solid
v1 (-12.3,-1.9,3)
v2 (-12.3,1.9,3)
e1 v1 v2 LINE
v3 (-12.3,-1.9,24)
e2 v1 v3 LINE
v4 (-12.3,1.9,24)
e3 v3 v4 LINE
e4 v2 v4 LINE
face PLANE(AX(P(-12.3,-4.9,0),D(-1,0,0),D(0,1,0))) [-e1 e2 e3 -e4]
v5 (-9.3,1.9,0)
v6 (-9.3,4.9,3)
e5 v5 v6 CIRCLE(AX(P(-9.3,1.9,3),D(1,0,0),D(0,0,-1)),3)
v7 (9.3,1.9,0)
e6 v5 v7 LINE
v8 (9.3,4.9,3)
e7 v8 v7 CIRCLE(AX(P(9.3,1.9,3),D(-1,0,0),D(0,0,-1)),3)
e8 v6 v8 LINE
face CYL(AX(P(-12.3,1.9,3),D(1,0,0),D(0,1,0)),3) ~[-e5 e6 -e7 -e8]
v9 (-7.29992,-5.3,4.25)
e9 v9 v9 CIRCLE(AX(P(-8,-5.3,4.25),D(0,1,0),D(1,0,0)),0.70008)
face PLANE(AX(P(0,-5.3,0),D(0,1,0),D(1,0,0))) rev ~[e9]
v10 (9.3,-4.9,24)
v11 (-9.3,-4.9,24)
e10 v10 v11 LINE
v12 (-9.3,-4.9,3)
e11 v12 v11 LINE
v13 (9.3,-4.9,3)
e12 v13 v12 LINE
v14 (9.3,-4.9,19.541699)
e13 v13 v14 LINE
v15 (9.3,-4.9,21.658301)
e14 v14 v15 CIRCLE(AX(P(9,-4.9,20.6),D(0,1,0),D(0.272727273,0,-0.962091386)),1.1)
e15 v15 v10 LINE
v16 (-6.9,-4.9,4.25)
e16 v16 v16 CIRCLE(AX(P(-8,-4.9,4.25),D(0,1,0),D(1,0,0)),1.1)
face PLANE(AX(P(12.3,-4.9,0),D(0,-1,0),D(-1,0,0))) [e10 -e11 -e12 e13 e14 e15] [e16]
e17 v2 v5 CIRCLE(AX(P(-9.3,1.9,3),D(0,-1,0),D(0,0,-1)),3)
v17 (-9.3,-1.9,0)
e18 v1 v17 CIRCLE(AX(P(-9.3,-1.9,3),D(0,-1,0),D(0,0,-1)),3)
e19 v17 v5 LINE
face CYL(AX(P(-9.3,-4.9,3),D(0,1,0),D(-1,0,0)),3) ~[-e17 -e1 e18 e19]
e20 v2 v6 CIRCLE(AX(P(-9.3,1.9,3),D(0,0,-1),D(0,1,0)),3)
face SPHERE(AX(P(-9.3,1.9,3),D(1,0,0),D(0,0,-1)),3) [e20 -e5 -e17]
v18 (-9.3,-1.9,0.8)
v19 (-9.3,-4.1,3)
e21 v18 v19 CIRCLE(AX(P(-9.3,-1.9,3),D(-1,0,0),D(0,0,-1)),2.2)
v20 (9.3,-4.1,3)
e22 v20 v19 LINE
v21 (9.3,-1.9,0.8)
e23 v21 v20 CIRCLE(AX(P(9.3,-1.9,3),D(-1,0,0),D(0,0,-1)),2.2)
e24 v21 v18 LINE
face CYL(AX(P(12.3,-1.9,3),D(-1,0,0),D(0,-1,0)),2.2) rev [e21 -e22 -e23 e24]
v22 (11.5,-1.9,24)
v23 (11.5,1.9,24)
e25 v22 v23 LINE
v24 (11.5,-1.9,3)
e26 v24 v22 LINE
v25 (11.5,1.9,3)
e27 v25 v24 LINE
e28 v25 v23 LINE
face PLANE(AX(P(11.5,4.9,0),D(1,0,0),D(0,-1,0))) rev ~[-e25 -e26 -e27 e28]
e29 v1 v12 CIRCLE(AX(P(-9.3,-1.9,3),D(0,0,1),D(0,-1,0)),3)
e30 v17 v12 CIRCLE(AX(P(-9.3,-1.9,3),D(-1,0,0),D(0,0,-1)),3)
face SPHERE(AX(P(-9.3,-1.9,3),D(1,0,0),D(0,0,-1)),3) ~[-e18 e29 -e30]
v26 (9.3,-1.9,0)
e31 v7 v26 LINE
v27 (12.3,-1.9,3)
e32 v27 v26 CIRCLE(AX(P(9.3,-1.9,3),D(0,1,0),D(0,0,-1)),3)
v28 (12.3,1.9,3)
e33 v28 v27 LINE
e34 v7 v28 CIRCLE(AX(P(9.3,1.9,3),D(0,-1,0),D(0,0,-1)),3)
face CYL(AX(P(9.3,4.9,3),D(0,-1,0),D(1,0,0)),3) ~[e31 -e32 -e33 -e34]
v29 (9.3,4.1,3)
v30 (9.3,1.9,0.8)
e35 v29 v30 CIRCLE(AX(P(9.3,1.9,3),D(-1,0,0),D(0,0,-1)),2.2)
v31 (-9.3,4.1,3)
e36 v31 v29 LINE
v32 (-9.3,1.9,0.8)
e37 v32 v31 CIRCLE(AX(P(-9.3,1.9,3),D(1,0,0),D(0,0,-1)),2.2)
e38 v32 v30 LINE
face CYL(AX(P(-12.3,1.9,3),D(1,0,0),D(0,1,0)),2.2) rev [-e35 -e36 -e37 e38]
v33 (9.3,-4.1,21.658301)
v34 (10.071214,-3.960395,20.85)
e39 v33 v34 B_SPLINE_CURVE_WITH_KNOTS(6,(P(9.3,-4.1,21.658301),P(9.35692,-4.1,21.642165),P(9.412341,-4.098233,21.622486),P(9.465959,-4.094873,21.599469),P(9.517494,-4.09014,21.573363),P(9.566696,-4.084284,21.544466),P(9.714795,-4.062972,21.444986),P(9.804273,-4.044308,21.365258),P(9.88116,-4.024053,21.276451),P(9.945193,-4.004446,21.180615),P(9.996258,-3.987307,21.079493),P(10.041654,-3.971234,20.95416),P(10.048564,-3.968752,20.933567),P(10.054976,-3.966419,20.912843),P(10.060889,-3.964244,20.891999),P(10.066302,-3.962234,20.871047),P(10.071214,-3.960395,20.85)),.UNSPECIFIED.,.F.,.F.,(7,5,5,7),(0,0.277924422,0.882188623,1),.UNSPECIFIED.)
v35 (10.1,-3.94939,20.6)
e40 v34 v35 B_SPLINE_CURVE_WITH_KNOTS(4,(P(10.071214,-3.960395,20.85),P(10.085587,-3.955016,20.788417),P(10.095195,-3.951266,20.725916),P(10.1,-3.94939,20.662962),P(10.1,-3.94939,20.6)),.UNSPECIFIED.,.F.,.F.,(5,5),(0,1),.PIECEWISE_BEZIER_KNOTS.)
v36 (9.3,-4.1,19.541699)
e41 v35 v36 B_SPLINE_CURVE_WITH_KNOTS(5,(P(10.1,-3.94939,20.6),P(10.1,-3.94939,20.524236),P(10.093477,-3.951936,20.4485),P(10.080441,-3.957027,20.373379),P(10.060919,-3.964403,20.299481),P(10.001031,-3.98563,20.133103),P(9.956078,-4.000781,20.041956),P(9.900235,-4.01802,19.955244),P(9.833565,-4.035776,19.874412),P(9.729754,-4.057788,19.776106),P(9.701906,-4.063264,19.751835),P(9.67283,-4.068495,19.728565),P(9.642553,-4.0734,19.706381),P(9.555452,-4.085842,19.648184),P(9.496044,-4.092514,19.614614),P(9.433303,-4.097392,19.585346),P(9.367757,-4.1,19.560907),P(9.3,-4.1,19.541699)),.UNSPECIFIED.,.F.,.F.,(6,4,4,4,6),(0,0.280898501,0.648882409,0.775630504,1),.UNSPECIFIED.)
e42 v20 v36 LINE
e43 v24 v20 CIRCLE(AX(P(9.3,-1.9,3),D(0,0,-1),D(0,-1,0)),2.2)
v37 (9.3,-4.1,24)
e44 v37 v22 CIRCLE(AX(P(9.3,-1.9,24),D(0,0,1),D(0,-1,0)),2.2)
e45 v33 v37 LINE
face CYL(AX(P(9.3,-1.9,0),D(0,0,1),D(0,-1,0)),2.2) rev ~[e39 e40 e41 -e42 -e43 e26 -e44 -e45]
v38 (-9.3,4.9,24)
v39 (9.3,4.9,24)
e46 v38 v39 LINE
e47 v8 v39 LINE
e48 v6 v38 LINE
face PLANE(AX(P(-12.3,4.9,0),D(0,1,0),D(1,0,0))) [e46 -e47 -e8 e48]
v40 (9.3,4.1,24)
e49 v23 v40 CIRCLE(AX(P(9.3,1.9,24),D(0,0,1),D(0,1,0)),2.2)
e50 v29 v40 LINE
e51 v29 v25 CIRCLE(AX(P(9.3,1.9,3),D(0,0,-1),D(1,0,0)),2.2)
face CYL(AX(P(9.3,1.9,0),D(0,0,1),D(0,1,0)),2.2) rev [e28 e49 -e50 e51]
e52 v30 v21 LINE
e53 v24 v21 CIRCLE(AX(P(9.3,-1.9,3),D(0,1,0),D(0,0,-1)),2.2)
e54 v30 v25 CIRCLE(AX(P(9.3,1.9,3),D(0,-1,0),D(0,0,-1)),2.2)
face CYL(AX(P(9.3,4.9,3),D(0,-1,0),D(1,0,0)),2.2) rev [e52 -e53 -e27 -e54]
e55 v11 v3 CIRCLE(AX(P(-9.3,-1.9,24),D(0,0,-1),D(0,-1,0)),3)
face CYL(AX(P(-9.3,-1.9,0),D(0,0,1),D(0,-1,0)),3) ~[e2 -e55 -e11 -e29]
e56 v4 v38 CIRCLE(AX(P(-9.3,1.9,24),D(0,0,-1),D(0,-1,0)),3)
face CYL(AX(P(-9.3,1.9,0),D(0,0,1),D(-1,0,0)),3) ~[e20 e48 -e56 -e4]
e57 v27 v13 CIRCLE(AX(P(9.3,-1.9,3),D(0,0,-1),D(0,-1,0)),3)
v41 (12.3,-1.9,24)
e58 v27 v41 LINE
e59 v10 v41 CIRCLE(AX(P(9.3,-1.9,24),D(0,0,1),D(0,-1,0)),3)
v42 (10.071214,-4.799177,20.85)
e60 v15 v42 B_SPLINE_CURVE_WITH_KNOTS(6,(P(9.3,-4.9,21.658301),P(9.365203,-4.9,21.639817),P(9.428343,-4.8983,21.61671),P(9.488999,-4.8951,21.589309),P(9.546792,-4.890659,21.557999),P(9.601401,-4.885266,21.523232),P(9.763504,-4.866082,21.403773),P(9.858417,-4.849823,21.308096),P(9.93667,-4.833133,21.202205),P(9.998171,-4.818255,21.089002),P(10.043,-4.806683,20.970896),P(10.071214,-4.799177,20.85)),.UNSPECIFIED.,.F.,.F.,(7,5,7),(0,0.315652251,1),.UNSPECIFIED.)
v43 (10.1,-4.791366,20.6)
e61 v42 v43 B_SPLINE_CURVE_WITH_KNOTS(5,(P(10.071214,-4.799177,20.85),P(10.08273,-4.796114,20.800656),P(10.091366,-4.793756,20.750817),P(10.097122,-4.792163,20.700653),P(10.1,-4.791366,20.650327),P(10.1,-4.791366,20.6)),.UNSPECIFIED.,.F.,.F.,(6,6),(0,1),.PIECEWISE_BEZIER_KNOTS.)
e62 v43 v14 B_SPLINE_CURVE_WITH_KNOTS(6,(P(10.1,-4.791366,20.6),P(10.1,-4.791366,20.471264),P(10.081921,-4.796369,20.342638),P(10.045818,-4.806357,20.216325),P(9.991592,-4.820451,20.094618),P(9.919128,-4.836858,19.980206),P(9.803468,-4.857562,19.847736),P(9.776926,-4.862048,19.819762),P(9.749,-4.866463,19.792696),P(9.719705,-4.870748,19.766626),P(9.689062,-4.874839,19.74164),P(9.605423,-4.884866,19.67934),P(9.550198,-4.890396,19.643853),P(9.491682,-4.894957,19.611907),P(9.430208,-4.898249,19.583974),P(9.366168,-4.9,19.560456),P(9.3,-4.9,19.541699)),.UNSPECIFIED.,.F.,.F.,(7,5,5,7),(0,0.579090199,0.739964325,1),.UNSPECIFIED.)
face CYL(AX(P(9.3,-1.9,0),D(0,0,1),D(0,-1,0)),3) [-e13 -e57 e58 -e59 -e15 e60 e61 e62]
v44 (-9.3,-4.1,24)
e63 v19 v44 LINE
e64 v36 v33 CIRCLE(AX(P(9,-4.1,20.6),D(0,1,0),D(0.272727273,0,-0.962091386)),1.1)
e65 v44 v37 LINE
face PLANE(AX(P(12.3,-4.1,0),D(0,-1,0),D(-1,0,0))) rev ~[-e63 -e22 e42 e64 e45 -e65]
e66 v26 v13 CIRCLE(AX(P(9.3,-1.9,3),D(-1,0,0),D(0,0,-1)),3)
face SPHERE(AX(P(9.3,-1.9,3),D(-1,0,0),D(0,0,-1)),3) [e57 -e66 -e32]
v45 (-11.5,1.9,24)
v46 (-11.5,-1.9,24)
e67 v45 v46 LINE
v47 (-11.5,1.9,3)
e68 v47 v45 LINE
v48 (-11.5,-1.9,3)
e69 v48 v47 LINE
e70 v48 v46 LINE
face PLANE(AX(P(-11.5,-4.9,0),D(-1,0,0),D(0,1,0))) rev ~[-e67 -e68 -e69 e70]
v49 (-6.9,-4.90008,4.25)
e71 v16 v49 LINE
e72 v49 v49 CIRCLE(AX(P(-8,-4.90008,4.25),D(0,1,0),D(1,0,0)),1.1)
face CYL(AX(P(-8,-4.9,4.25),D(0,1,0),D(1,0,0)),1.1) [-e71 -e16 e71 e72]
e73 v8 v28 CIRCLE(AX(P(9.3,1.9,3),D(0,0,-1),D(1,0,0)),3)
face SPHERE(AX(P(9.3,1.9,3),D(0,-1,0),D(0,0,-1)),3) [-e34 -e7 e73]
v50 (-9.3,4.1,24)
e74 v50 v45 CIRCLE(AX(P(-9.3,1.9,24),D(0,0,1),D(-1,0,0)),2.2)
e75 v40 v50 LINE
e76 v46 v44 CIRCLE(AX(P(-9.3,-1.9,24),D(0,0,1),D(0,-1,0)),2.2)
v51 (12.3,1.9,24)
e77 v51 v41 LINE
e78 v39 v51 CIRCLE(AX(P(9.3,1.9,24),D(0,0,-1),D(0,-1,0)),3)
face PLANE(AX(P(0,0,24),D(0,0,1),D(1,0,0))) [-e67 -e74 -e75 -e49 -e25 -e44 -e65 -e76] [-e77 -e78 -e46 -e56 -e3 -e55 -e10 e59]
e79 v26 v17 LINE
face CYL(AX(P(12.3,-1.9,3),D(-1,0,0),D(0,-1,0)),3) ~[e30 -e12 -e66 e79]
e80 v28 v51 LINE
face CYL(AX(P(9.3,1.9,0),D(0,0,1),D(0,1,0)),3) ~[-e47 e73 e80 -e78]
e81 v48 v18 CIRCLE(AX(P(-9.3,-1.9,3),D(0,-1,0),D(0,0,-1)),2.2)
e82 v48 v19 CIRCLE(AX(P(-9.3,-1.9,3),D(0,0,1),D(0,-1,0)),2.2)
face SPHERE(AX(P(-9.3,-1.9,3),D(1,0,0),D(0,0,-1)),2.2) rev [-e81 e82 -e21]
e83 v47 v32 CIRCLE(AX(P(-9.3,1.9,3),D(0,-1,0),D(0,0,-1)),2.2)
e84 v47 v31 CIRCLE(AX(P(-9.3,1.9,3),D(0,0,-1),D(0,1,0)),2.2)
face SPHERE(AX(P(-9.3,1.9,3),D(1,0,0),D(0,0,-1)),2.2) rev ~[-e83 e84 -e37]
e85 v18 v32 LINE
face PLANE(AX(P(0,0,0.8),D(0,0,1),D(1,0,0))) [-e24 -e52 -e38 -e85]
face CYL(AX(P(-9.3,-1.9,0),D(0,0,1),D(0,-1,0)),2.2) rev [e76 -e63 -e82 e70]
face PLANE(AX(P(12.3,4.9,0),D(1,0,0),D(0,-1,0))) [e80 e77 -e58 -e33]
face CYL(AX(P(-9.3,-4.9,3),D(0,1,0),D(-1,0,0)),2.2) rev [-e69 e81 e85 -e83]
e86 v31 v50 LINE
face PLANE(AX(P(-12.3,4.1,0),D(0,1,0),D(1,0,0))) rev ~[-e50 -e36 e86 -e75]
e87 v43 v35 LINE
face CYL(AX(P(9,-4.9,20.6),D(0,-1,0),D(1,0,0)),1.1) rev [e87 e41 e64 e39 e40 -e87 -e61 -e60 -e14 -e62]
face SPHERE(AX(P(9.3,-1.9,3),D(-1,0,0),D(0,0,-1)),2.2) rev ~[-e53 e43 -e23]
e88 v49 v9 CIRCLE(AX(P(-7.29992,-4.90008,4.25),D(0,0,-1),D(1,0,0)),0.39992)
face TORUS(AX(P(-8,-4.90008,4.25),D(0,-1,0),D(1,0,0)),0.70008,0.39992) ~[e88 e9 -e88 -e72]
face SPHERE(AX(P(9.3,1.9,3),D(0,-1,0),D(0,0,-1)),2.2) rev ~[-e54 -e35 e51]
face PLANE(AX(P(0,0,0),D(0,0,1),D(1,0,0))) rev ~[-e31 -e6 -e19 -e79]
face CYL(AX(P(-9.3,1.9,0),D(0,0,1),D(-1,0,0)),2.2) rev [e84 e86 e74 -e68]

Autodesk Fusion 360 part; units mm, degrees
sketch "スケッチ1" plane through (0, 0, 0) normal (0, 0, 1) x (1, 0, 0)
  line L0 (12.3, -4.9) -> (-12.3, -4.9)
  line L1 (-12.3, -4.9) -> (-12.3, 4.9)
  line L2 (-12.3, 4.9) -> (12.3, 4.9)
  line L3 (12.3, 4.9) -> (12.3, -4.9)
  line L4 (12.3, -4.9) -> (-12.3, 4.9) construction
  line L5 (-12.3, -4.9) -> (12.3, 4.9) construction
  dimension "d1" = 24.6
  dimension "d2" = 9.8
extrude "押し出し1" add sketch "スケッチ1" along normal blind 24
fillet "フィレット2" radius 3 8 edges at (0, -4.9, 0) (12.3, 0, 0) (0, 4.9, 0) (-12.3, 0, 0) (12.3, -4.9, 12) (-12.3, -4.9, 12) (-12.3, 4.9, 12) (12.3, 4.9, 12)
shell "シェル2" thickness 0.8 removed faces 1 at (3.1, -1.6333, 24)
ref_plane "作業平面3" through (0, -4.9, 0) normal (0, 1, 0) x (0, 0, 1)
sketch "スケッチ2" plane through (0, -4.9, 0) normal (0, 1, 0) x (1, 0, 0)
  circle A0 centre (9, -20.6) radius 1.1
  line L0 (8.5, -0.6) -> (-8.5, -0.6)
  line L1 (-11.5, -3.6) -> (-11.5, -19.6)
  line L2 (-7.5, -23.6) -> (9, -23.6)
  line L3 (11.5, -21.1) -> (11.5, -3.6)
  line L4 (11.5, -0.6) -> (-11.5, -23.6) construction
  line L5 (-11.5, -0.6) -> (11.5, -23.6) construction
  arc A1 (-11.5, -19.6) -> (-7.5, -23.6) centre (-7.5, -19.6) ccw
  arc A2 (9, -23.6) -> (11.5, -21.1) centre (9, -21.1) ccw
  circle A3 centre (9, -21.1) radius 1.1
  arc A4 (11.5, -3.6) -> (8.5, -0.6) centre (8.5, -3.6) ccw
  arc A5 (-8.5, -0.6) -> (-11.5, -3.6) centre (-8.5, -3.6) ccw
  circle A6 centre (8, -12.1) radius 1.1
  circle A7 centre (8, -4.25) radius 1.1
  circle A8 centre (-8, -12.1) radius 1.1
  circle A9 centre (-8, -4.25) radius 1.1
  circle A10 centre (-8, -19.95) radius 1.1
  point P0 (0, -12.1)
  dimension "d19" = 2.2
  dimension "d22" = 23
  dimension "d23" = 23
  dimension "d24" = 4
  dimension "d25" = 2.5
  dimension "d26" = 2.2
  dimension "d27" = 3
  dimension "d28" = 3
  dimension "d30" = 2.2
  dimension "d31" = 2.2
  dimension "d32" = 2.2
  dimension "d33" = 2.2
  dimension "d34" = 2.2
extrude "押し出し3" cut sketch "スケッチ2" along normal blind 1.5 contours A0 A3 | A0 A3 picked at (9.093, -19.8394) picked at (9.0545, -21.1293)
extrude "押し出し4" add sketch "スケッチ2" against normal blind 0.4 contours A9
fillet "フィレット3" radius 0.4 1 edges at (-9.0256, -5.3, 3.8522)
